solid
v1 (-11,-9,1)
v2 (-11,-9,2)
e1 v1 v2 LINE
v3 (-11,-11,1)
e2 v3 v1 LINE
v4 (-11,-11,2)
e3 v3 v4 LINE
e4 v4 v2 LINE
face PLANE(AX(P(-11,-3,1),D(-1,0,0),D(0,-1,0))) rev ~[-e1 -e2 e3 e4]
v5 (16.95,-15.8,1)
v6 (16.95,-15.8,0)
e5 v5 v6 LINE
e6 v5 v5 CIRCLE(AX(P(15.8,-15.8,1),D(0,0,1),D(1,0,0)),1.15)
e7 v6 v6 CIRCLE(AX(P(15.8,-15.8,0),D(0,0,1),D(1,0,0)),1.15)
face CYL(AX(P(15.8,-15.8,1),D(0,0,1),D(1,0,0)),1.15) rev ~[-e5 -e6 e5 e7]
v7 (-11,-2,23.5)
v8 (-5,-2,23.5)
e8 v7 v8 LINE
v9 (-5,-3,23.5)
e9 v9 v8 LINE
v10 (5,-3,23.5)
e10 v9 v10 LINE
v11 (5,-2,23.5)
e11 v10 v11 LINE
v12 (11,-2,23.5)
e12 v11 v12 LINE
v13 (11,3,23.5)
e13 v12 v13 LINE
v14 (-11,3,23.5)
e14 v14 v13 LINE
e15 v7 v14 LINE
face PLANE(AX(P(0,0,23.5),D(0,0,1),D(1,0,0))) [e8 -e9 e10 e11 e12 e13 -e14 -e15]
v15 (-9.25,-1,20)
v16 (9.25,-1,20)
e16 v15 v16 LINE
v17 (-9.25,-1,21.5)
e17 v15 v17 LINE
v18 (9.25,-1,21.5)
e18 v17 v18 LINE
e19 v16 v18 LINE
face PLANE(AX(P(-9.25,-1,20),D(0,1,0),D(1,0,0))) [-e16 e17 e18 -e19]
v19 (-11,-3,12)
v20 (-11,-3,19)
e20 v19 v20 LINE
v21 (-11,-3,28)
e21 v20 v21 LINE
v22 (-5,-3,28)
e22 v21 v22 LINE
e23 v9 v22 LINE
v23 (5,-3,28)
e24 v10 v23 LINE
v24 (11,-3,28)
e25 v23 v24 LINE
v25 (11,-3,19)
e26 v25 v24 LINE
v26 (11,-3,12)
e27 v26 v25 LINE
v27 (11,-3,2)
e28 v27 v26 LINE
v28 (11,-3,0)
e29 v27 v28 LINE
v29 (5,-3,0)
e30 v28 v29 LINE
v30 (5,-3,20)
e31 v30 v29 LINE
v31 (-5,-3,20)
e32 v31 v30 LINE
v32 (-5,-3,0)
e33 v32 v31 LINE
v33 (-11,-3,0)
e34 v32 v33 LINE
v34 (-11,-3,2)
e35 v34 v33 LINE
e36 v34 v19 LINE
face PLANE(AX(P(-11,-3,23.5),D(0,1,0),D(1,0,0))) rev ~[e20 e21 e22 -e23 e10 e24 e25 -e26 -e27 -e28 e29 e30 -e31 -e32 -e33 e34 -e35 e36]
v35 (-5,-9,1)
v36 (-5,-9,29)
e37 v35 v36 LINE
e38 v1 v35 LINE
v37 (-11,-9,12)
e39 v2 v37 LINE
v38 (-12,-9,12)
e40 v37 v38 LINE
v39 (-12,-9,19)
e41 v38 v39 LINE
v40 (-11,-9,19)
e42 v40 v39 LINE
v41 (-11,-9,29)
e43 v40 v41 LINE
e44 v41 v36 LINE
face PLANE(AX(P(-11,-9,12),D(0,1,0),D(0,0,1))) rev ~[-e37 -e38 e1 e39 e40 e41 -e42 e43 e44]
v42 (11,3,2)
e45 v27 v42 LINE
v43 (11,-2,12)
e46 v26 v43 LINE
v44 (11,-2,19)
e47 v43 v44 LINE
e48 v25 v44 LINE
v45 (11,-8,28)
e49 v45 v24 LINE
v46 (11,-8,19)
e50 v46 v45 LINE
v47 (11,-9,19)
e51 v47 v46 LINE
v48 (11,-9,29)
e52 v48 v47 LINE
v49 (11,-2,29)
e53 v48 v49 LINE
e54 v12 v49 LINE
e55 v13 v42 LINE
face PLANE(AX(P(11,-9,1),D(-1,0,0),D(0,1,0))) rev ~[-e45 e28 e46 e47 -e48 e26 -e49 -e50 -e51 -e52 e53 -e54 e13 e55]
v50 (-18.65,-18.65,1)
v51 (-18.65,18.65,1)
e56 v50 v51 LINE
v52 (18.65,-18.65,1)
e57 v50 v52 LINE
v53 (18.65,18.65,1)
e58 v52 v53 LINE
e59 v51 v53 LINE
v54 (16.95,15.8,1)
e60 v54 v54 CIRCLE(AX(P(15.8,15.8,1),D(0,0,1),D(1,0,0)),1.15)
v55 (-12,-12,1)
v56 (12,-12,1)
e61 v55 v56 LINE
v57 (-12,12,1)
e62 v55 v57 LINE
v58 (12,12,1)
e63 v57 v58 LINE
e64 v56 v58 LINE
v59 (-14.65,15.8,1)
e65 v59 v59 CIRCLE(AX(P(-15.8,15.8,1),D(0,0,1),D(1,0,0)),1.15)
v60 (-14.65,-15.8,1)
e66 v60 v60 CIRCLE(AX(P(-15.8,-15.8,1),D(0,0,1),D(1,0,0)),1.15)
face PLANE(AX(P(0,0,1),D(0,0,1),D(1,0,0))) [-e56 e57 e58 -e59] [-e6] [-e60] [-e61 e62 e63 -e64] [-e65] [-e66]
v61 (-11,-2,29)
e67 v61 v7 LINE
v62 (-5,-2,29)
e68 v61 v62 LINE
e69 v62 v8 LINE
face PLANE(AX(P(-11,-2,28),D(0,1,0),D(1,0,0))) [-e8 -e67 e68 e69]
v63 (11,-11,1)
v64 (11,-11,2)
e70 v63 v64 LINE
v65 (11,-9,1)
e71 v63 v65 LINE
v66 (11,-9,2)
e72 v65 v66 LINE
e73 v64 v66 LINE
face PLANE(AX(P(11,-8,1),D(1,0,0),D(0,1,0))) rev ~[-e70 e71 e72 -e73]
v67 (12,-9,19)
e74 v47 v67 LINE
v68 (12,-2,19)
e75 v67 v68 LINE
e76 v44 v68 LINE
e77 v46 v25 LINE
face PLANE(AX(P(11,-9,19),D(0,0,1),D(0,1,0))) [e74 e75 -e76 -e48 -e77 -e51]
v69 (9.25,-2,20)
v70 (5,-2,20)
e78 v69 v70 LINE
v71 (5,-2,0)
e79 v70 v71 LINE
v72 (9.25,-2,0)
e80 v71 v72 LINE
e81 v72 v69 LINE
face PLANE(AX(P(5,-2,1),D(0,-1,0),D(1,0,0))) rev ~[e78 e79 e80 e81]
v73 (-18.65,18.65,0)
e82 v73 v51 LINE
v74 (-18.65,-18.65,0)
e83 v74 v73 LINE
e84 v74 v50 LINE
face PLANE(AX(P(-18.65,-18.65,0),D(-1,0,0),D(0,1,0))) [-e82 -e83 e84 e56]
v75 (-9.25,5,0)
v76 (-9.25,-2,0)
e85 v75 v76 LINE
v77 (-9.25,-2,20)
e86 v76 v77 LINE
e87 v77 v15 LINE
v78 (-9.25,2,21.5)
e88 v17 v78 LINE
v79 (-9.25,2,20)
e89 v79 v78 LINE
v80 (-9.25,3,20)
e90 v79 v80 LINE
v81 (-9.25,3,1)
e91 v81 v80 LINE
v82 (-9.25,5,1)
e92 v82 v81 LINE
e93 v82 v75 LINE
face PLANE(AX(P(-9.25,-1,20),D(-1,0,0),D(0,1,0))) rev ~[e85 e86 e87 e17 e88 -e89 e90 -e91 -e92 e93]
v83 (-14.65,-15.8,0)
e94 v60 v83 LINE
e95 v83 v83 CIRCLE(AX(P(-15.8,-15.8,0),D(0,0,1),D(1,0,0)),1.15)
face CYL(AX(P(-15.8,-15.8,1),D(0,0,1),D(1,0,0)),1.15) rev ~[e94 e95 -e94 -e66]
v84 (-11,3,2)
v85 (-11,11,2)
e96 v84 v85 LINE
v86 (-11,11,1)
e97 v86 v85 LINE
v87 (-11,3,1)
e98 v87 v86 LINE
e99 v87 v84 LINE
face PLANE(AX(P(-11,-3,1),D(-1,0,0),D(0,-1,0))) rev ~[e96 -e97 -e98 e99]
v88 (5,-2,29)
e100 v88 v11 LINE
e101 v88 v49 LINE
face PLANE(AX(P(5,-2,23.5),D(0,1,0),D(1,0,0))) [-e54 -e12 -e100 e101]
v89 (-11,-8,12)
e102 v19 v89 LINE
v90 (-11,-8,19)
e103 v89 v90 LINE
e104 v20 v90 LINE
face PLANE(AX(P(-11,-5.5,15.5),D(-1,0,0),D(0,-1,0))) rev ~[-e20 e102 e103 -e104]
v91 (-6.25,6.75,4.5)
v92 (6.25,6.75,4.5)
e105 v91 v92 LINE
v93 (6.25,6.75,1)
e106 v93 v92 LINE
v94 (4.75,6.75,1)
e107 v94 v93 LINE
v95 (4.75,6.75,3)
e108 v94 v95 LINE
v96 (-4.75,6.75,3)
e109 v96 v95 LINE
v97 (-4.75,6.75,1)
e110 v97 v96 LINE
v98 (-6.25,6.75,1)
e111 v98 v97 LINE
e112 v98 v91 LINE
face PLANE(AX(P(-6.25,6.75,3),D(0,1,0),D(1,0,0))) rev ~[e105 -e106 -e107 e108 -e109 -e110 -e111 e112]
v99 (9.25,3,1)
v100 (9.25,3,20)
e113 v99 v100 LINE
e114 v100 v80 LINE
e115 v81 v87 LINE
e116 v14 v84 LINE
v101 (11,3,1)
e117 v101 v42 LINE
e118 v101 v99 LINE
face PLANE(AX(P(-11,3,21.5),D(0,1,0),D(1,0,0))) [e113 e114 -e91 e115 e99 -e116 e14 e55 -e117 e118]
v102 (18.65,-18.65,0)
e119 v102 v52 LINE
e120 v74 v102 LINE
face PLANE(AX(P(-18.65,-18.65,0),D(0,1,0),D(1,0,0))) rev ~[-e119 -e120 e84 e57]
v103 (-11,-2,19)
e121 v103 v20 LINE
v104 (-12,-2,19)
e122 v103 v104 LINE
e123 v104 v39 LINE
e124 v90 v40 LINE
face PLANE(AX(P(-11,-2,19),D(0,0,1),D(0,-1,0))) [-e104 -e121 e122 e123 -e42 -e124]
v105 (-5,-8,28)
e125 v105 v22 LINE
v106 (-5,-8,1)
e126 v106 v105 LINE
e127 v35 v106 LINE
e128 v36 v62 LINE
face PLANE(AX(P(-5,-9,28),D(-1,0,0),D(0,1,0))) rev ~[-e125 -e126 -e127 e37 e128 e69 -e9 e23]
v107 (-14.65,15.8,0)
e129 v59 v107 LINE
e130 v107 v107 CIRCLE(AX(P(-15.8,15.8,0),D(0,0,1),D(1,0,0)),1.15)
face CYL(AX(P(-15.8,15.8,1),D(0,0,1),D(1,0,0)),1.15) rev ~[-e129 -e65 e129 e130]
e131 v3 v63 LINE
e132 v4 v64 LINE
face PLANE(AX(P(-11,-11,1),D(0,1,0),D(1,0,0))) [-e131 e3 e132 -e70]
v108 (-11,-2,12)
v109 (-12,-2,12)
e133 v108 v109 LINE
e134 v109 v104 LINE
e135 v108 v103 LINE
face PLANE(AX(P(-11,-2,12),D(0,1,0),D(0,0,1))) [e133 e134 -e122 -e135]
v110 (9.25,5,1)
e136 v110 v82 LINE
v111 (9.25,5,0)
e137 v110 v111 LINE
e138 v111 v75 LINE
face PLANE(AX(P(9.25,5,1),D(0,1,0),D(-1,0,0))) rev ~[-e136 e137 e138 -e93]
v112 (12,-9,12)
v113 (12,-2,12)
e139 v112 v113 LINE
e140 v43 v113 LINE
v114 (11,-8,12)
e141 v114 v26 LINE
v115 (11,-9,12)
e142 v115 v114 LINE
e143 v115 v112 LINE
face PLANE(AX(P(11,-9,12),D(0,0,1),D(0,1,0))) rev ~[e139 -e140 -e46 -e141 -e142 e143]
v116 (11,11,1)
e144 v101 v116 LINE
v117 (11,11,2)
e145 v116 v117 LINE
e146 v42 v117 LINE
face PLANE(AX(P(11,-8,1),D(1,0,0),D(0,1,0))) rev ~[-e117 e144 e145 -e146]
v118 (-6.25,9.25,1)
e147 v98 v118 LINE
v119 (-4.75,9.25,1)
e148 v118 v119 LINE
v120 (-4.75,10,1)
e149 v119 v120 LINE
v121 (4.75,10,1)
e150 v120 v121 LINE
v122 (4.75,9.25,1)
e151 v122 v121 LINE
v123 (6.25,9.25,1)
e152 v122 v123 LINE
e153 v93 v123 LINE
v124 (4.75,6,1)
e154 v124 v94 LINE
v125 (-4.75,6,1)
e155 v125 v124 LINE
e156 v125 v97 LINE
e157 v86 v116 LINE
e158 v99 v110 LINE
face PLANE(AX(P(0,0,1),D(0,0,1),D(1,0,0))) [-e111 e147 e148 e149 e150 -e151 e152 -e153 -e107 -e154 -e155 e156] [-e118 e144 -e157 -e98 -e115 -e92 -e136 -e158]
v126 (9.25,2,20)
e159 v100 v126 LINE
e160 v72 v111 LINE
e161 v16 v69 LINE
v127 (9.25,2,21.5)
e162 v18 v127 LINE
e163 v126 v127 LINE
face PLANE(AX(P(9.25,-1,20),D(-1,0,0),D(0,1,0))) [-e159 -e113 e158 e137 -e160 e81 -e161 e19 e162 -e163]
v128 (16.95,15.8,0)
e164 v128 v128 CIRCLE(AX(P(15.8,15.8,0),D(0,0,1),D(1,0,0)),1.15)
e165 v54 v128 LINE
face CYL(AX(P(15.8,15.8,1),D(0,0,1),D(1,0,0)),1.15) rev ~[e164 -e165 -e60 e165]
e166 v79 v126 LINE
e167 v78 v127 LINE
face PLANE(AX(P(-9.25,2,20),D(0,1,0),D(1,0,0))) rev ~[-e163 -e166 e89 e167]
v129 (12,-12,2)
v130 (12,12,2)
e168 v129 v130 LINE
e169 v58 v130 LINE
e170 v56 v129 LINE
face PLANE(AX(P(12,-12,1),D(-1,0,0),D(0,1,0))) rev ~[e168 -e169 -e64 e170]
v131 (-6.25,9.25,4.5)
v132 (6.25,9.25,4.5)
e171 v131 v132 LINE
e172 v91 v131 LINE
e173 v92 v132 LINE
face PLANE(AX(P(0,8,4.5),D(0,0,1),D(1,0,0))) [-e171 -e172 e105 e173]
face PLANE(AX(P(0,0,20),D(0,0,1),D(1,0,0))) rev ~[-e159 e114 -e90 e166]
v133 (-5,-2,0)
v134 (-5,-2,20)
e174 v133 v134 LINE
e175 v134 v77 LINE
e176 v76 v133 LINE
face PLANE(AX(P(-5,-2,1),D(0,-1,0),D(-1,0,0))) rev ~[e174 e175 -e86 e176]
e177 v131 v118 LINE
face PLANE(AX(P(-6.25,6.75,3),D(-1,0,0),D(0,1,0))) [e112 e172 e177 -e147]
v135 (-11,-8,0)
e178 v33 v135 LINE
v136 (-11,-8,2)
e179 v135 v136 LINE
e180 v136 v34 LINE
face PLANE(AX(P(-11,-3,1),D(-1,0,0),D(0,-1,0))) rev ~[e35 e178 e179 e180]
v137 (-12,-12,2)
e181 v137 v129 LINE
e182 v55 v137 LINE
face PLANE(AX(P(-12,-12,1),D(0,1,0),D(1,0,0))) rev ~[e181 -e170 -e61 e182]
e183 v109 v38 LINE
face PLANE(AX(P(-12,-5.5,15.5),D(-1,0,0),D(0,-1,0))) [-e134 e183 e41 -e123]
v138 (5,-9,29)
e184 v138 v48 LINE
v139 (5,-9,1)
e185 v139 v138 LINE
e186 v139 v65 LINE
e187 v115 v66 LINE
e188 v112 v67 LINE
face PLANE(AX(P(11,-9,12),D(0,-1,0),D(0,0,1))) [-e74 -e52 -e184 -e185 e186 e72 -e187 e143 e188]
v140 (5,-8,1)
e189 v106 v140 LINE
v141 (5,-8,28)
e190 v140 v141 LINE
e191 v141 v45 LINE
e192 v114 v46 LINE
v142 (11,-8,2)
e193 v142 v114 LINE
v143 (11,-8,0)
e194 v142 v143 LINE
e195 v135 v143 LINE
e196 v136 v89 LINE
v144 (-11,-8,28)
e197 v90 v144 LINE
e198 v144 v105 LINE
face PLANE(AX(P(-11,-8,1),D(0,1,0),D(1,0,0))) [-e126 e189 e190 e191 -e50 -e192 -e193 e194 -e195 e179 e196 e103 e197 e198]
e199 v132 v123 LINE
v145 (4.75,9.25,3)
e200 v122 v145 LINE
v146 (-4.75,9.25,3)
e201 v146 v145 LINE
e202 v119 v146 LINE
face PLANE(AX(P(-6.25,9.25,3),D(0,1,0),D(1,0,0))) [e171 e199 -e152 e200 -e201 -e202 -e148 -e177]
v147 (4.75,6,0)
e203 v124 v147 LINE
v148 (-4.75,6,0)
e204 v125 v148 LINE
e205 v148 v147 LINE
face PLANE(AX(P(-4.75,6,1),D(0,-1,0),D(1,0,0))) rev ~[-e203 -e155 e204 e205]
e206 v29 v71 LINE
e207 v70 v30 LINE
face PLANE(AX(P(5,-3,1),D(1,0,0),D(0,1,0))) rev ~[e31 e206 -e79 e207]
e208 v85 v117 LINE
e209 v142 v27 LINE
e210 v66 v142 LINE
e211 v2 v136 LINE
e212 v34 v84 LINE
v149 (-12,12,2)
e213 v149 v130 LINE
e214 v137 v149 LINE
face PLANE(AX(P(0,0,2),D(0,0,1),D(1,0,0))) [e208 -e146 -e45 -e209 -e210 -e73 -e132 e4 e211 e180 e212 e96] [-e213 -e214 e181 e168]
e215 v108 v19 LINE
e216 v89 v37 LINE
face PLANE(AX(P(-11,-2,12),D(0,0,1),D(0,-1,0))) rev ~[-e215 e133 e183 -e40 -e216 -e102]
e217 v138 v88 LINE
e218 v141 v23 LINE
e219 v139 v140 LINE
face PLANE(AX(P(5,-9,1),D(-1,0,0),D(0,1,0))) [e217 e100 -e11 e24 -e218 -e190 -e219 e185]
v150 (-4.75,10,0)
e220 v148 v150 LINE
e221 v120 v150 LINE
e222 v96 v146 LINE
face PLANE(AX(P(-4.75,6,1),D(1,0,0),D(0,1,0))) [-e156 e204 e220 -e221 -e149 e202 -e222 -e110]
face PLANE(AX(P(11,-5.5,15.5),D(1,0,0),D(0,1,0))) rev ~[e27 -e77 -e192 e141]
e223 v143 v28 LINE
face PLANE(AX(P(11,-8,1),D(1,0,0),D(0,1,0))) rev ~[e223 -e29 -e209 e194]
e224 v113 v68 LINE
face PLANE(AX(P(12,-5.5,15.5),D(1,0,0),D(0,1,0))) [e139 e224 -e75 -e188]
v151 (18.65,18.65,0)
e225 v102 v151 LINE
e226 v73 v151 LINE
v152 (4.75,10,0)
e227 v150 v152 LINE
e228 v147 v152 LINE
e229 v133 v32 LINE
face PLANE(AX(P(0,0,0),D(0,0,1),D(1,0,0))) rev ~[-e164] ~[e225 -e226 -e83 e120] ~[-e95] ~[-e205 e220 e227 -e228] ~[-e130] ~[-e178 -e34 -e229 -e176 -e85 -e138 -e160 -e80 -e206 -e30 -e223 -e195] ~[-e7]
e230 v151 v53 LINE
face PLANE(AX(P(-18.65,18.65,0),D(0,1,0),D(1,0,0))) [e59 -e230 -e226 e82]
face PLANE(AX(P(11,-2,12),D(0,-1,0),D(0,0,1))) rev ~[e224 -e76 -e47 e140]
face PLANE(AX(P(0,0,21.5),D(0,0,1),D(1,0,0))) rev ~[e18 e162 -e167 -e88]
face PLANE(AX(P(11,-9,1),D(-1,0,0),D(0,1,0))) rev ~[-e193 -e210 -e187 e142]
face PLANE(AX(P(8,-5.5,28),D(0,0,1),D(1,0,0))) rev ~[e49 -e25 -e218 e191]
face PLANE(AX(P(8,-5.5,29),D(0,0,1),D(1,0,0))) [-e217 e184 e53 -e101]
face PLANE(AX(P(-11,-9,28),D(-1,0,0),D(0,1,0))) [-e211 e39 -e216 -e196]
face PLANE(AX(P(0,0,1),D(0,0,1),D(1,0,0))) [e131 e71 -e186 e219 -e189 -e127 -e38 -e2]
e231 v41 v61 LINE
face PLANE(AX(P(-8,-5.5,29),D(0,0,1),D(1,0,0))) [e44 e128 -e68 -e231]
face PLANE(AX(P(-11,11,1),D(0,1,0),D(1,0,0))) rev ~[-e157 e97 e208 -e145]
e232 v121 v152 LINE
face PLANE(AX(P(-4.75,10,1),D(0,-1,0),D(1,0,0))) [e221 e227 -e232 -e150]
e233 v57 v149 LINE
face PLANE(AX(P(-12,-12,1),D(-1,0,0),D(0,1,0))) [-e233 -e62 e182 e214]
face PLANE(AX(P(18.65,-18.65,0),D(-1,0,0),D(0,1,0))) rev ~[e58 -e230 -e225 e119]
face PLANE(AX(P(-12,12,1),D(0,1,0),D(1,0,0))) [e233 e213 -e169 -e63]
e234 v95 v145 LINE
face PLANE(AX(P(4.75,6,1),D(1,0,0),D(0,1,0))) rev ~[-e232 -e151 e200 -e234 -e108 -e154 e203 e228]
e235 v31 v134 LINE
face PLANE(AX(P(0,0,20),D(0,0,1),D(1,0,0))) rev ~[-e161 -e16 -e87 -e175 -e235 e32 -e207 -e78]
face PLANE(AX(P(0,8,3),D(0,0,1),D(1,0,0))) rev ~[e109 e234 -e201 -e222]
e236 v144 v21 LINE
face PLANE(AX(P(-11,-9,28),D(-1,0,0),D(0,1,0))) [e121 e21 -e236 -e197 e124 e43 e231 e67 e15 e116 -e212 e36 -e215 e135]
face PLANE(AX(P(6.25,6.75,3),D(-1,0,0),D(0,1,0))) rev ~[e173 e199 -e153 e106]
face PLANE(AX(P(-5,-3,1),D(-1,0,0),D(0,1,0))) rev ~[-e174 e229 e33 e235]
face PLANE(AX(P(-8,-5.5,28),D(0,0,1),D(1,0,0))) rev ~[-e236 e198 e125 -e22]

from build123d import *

# Parameters (mm, degrees)
SKETCH_W        = 37.3
SKETCH_H        = 37.3
PAD_DEPTH       = 1
SKETCH001_R     = 1.15
POCKET_DEPTH    = 1.001
SKETCH002_W     = 24
SKETCH002_H     = 24
SKETCH002_W_2   = 22
SKETCH002_H_2   = 22
PAD001_DEPTH    = 1
POCKET001_DEPTH = 5
SKETCH004_W     = 9.5
SKETCH004_H     = 4
POCKET002_DEPTH = 5
SKETCH005_W     = 1.5
SKETCH005_H     = 2.5
PAD002_DEPTH    = 2
SKETCH006_W     = 12.5
SKETCH006_H     = 2.5
PAD003_DEPTH    = 1.5
PAD004_DEPTH    = 19
SKETCH008_W     = 18.5
SKETCH008_H     = 3
PAD006_DEPTH    = 1.5
SKETCH009_W     = 22
SKETCH009_H     = 6
PAD007_DEPTH    = 2
SKETCH010_W     = 6
SKETCH010_H     = 1
PAD008_DEPTH    = 27
SKETCH011_W     = 6
SKETCH011_H     = 1
PAD009_DEPTH    = 4.5
SKETCH012_W     = 6
SKETCH012_H     = 7
PAD010_DEPTH    = 1
SKETCH013_W     = 7
SKETCH013_H     = 7
PAD011_DEPTH    = 1
SKETCH014_W     = 7
SKETCH014_H     = 7
PAD012_DEPTH    = 1


with BuildPart() as part:
    # Sketch → Pad (new body)
    with BuildSketch(Plane.XY):
        Rectangle(SKETCH_W, SKETCH_H)
    extrude(amount=PAD_DEPTH)

    # Sketch001 (on Face6 of Pad) → Pocket (cut, through all)
    with BuildSketch(Plane.XY.offset(1)):
        with Locations((15.8, 15.8)):
            Circle(SKETCH001_R)
        with Locations((-15.8, -15.8)):
            Circle(SKETCH001_R)
        with Locations((15.8, -15.8)):
            Circle(SKETCH001_R)
        with Locations((-15.8, 15.8)):
            Circle(SKETCH001_R)
    extrude(amount=-POCKET_DEPTH, mode=Mode.SUBTRACT)

    # Sketch002 (on Face5 of Pocket) → Pad001 (join)
    with BuildSketch(Plane.XY.offset(1)):
        Rectangle(SKETCH002_W, SKETCH002_H)
        Rectangle(SKETCH002_W_2, SKETCH002_H_2, mode=Mode.SUBTRACT)
    extrude(amount=PAD001_DEPTH)

    # Sketch003 (on Face20 of Pad001) → Pocket001 (cut)
    with BuildSketch(Plane.XY.offset(1)):
        Polygon((-11, -3), (-11, -8), (11, -8), (11, -3), (5, -3), (5, -2), (9.25, -2), (9.25, 5), (-9.25, 5), (-9.25, -2), (-5, -2), (-5, -3), align=None)
    extrude(amount=-POCKET001_DEPTH, mode=Mode.SUBTRACT)

    # Sketch004 (on Face25 of Pocket001) → Pocket002 (cut)
    with BuildSketch(Plane.XY.offset(1)):
        with Locations((0, 8)):
            Rectangle(SKETCH004_W, SKETCH004_H)
    extrude(amount=-POCKET002_DEPTH, mode=Mode.SUBTRACT)

    # Sketch005 (on Face31 of Pocket002) → Pad002 (join)
    with BuildSketch(Plane.XY.offset(1)):
        with Locations((-5.5, 8)):
            Rectangle(SKETCH005_W, SKETCH005_H)
        with Locations((5.5, 8)):
            Rectangle(SKETCH005_W, SKETCH005_H)
    extrude(amount=PAD002_DEPTH)

    # Sketch006 (on Face40 of Pad002) → Pad003 (join)
    with BuildSketch(Plane.XY.offset(3)):
        with Locations((0, 8)):
            Rectangle(SKETCH006_W, SKETCH006_H)
    extrude(amount=PAD003_DEPTH)

    # Sketch007 (on Face31 of Pad003) → Pad004 (join)
    with BuildSketch(Plane.XY.offset(1)):
        Polygon((-11, 3), (-11, -3), (-5, -3), (-5, -2), (-9.25, -2), (-9.25, 3), align=None)
        Polygon((9.25, 3), (9.25, -2), (5, -2), (5, -3), (11, -3), (11, 3), align=None)
    extrude(amount=PAD004_DEPTH)

    # Sketch008 (on Face31 of Pad004) → Pad006 (join)
    with BuildSketch(Plane.XY.offset(20)):
        Polygon((-11, 3), (-11, 2), (-11, -1), (-11, -3), (11, -3), (11, 3), align=None)
        with Locations((0, 0.5)):
            Rectangle(SKETCH008_W, SKETCH008_H, mode=Mode.SUBTRACT)
    extrude(amount=PAD006_DEPTH)

    # Sketch009 → Pad007 (join)
    with BuildSketch(Plane.XY.offset(21.5)):
        Rectangle(SKETCH009_W, SKETCH009_H)
    extrude(amount=PAD007_DEPTH)

    # Sketch010 (on Face42 of Pad007) → Pad008 (join)
    with BuildSketch(Plane.XY.offset(1)):
        with Locations((-8, -8.5)):
            Rectangle(SKETCH010_W, SKETCH010_H)
        with Locations((8, -8.5)):
            Rectangle(SKETCH010_W, SKETCH010_H)
    extrude(amount=PAD008_DEPTH)

    # Sketch011 (on Face19 of Pad008) → Pad009 (join)
    with BuildSketch(Plane.XY.offset(23.5)):
        with Locations((-8, -2.5)):
            Rectangle(SKETCH011_W, SKETCH011_H)
        with Locations((8, -2.5)):
            Rectangle(SKETCH011_W, SKETCH011_H)
    extrude(amount=PAD009_DEPTH)

    # Sketch012 (on Face62 of Pad009) → Pad010 (join)
    with BuildSketch(Plane.XY.offset(28)):
        with Locations((-8, -5.5)):
            Rectangle(SKETCH012_W, SKETCH012_H)
        with Locations((8, -5.5)):
            Rectangle(SKETCH012_W, SKETCH012_H)
    extrude(amount=PAD010_DEPTH)

    # Sketch013 (on Face54 of Pad010) → Pad011 (join)
    with BuildSketch(Plane(origin=(-11, 0, 0), x_dir=(0, -1, 0), z_dir=(-1, 0, 0))):
        with Locations((5.5, 15.5)):
            Rectangle(SKETCH013_W, SKETCH013_H)
    extrude(amount=PAD011_DEPTH)

    # Sketch014 (on Face18 of Pad011) → Pad012 (join)
    with BuildSketch(Plane.YZ.offset(11)):
        with Locations((-5.5, 15.5)):
            Rectangle(SKETCH014_W, SKETCH014_H)
    extrude(amount=PAD012_DEPTH)


solid = part.part
